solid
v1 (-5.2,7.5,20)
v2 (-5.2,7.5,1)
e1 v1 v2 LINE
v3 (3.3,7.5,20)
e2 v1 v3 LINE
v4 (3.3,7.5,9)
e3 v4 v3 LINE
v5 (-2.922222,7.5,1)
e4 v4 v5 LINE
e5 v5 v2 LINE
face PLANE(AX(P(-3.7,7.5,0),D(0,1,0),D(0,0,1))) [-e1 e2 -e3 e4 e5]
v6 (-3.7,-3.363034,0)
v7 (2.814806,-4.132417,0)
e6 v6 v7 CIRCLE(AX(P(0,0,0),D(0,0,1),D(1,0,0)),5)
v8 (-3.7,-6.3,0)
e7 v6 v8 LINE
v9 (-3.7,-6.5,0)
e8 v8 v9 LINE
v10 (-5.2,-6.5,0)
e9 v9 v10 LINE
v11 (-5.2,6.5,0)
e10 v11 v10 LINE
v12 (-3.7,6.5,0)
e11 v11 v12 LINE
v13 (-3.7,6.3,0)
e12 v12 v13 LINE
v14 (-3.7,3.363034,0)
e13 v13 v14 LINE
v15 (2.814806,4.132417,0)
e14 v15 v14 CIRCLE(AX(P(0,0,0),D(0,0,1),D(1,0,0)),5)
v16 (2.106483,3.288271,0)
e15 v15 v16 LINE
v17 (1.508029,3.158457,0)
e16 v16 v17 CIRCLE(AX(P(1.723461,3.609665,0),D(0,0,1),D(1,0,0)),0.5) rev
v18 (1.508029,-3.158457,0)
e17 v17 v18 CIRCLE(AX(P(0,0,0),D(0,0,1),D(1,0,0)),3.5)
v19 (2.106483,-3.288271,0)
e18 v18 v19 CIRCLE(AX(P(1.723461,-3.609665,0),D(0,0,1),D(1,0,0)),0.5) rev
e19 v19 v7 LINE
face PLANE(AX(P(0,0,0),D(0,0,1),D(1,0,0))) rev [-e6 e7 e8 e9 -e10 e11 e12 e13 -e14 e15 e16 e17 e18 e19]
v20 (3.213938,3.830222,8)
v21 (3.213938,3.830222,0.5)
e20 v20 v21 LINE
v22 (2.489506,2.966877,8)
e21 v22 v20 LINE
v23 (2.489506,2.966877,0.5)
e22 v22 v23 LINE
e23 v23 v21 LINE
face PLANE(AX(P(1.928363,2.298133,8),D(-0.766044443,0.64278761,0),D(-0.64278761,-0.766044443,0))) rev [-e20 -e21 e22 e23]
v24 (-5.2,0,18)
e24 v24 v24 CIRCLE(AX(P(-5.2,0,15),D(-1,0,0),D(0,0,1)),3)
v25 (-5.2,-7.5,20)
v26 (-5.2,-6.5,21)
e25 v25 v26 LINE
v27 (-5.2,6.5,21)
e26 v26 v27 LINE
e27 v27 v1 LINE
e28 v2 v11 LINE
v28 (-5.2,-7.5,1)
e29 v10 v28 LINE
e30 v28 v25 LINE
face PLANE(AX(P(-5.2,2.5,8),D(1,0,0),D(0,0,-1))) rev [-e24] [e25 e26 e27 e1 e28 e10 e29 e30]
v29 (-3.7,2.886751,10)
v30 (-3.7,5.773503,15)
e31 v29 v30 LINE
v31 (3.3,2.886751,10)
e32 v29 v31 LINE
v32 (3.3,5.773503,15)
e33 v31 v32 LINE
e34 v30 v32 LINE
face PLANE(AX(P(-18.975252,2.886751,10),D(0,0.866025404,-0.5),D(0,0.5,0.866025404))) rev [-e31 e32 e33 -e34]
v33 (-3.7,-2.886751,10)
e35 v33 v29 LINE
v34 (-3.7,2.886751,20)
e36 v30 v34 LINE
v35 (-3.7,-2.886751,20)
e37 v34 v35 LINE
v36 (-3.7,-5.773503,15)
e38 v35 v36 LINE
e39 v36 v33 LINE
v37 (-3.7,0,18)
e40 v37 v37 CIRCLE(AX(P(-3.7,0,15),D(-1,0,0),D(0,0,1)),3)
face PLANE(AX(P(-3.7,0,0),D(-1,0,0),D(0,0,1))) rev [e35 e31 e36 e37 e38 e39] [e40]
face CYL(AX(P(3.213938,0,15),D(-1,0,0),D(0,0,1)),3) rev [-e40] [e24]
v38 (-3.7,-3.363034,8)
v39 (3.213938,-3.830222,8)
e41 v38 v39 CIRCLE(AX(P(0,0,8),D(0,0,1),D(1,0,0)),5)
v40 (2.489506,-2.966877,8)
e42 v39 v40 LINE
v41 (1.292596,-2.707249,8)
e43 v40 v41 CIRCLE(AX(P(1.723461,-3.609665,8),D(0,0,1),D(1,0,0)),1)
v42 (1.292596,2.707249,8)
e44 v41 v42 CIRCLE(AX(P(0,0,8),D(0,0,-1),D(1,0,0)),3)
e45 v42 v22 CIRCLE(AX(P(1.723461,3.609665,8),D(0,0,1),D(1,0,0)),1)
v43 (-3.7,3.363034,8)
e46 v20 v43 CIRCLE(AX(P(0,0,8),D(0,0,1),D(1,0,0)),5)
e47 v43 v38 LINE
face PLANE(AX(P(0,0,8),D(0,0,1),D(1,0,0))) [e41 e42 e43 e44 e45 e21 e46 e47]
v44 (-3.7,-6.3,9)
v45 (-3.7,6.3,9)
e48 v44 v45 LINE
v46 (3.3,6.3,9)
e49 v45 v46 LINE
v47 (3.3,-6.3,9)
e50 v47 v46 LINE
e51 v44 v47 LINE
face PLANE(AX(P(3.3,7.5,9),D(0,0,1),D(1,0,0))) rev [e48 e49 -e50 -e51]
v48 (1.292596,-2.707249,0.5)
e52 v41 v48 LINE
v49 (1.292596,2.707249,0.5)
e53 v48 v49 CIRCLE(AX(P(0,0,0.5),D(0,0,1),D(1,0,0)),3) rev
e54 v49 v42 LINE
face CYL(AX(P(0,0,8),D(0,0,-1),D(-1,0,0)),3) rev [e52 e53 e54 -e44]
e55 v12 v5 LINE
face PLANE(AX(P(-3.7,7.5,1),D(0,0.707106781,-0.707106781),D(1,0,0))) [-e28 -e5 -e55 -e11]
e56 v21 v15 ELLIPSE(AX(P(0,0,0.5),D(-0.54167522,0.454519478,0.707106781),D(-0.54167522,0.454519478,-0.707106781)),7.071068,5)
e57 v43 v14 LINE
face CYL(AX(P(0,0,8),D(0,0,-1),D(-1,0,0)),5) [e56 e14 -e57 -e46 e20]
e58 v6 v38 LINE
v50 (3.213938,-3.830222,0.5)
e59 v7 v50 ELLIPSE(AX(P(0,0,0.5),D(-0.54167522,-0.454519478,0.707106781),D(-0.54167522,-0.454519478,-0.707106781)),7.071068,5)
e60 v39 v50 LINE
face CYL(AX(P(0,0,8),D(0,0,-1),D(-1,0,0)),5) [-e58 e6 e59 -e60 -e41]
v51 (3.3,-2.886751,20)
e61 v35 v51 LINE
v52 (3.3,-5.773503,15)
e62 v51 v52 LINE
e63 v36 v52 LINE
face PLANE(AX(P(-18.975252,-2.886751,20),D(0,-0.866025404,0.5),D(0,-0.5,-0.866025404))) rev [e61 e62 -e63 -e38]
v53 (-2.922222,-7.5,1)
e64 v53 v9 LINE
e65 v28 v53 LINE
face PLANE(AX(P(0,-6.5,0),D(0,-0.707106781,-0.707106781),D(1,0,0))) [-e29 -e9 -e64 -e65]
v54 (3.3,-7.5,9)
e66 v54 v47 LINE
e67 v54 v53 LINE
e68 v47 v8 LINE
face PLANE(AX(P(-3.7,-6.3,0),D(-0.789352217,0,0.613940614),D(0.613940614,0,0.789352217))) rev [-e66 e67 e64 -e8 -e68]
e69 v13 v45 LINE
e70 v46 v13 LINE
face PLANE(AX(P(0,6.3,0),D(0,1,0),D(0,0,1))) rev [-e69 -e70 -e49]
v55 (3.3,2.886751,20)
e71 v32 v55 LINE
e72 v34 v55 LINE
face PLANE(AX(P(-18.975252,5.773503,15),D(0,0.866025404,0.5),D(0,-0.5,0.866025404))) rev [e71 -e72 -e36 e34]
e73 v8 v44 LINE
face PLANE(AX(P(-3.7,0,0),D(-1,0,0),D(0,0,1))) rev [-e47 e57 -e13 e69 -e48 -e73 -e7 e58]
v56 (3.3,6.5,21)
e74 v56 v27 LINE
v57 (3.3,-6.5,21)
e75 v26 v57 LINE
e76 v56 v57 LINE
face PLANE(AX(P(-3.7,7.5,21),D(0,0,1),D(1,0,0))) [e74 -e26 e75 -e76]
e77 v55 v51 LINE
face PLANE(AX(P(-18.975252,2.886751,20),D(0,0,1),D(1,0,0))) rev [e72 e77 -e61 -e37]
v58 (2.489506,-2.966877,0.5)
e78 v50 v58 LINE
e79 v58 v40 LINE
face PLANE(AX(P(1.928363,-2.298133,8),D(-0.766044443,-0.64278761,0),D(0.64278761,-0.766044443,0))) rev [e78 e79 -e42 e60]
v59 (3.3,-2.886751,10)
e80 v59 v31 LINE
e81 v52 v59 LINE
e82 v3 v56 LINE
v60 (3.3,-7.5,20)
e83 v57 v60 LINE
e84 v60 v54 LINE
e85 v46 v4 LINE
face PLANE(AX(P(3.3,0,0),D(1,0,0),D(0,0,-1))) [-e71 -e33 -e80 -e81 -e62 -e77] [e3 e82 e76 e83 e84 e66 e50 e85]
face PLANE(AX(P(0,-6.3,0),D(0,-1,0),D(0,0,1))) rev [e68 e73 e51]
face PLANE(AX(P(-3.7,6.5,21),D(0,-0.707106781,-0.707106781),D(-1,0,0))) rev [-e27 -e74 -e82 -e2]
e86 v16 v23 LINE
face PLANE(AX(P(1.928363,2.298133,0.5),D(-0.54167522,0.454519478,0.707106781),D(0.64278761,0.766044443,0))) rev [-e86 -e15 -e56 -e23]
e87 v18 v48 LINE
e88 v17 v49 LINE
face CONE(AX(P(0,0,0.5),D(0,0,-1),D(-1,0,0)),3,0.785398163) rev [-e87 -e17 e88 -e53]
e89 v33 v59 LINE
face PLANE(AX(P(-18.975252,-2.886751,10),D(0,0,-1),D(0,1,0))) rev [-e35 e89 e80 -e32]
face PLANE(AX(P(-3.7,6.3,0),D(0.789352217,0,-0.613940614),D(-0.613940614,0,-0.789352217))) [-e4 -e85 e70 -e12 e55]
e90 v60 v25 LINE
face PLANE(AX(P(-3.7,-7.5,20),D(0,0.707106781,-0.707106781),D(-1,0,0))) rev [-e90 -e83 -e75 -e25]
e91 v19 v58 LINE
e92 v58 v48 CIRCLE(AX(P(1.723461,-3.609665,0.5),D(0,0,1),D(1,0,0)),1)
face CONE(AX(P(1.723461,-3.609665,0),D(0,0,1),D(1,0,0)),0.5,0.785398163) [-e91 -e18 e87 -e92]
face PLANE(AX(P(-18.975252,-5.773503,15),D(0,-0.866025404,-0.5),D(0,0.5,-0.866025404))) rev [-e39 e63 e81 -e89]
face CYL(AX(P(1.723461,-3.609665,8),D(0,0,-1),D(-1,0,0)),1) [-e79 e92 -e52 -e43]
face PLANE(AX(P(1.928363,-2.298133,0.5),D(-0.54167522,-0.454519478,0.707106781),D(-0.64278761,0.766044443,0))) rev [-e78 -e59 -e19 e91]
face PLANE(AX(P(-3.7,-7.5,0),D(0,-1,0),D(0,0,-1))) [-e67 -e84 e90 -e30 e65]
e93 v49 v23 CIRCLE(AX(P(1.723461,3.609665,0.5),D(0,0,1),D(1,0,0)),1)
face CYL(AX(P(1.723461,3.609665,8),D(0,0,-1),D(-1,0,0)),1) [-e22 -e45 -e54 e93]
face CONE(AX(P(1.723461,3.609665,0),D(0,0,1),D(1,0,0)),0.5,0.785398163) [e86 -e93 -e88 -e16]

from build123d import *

# Parameters (mm, degrees)
SALIENTE_EXTRUIR1_DEPTH = 8
CROQUIS3_W              = 21
CROQUIS3_H              = 15
SALIENTE_EXTRUIR2_DEPTH = 1.5
CROQUIS4_R              = 3
CORTAR_EXTRUIR1_DEPTH   = 9.413938048
CROQUIS5_W              = 12
CROQUIS5_H              = 15
SALIENTE_EXTRUIR3_DEPTH = 7
CORTAR_EXTRUIR2_DEPTH   = 7
REDONDEO1_R             = 1
CHAFL_N1_SIZE           = 0.5
SALIENTE_EXTRUIR4_DEPTH = 1.2
CHAFL_N2_SIZE           = 1


with BuildPart() as part:
    # Croquis1 → Saliente-Extruir1 (new body)
    with BuildSketch(Plane.XY):
        with BuildLine():
            Line((1.928362829, 2.298133329), (3.213938048, 3.830222216))
            ThreePointArc((3.213938048, 3.830222216), (-0.868240888, 4.924038765), (-4.330127019, 2.5))
            Line((-4.330127019, 2.5), (-5.2, 2.5))
            Line((-5.2, 2.5), (-5.2, -2.5))
            Line((-5.2, -2.5), (-4.330127019, -2.5))
            ThreePointArc((-4.330127019, -2.5), (-0.868240888, -4.924038765), (3.213938048, -3.830222216))
            Line((3.213938048, -3.830222216), (1.928362829, -2.298133329))
            ThreePointArc((1.928362829, -2.298133329), (-3, 0), (1.928362829, 2.298133329))
        make_face()
    extrude(amount=SALIENTE_EXTRUIR1_DEPTH)

    # Croquis3 → Saliente-Extruir2 (add)
    with BuildSketch(Plane.ZY.offset(5.2)):
        with Locations((10.5, 0)):
            Rectangle(CROQUIS3_W, CROQUIS3_H)
    extrude(amount=-SALIENTE_EXTRUIR2_DEPTH)

    # Croquis4 → Cortar-Extruir1 (cut, through all)
    with BuildSketch(Plane.ZY.offset(5.2)):
        with Locations((15, 0)):
            Circle(CROQUIS4_R)
    extrude(amount=-CORTAR_EXTRUIR1_DEPTH, mode=Mode.SUBTRACT)

    # Croquis5 → Saliente-Extruir3 (add)
    with BuildSketch(Plane(origin=(-3.7, 0, 0), x_dir=(0, 0, -1), z_dir=(1, 0, 0))):
        with Locations((-15, 0)):
            Rectangle(CROQUIS5_W, CROQUIS5_H)
    extrude(amount=SALIENTE_EXTRUIR3_DEPTH)

    # Croquis7 → Cortar-Extruir2 (cut)
    with BuildSketch(Plane(origin=(3.3, 0, 0), x_dir=(0, 0, -1), z_dir=(1, 0, 0))):
        Polygon((-10, -2.886751346), (-10, 2.886751346), (-15, 5.773502692), (-20, 2.886751346), (-20, -2.886751346), (-15, -5.773502692), align=None)
    extrude(amount=-CORTAR_EXTRUIR2_DEPTH, mode=Mode.SUBTRACT)

    # Redondeo1
    redondeo1_edges = [part.edges().sort_by_distance(p)[0] for p in [
        (1.928362829, -2.298133329, 4),
        (1.928362829, 2.298133329, 4),
    ]]
    fillet(redondeo1_edges, radius=REDONDEO1_R)

    # Chaflán1
    chafl_n1_edges = [part.edges().sort_by_distance(p)[0] for p in [
        (-3, 0, 0),
        (2.851721878, -3.398549793, 0),
        (2.851721878, 3.398549793, 0),
        (1.935447157, 2.632392254, 0),
        (1.935447157, -2.632392254, 0),
    ]]
    chamfer(chafl_n1_edges, length=CHAFL_N1_SIZE)

    # Croquis8 → Saliente-Extruir4 (add)
    with BuildSketch(Plane(origin=(0, 7.5, 0), x_dir=(1, 0, 0), z_dir=(0, 1, 0))):
        Polygon((-3.7, 0), (3.3, -9), (-3.7, -9), align=None)
    saliente_extruir4 = extrude(amount=-SALIENTE_EXTRUIR4_DEPTH)

    # Simetría1: Saliente-Extruir4 across plane
    add(saliente_extruir4.mirror(Plane.ZX))

    # Chaflán2
    chafl_n2_edges = [part.edges().sort_by_distance(p)[0] for p in [
        (-4.45, -7.5, 0),
        (-4.45, 7.5, 0),
        (-0.95, 7.5, 21),
        (-0.95, -7.5, 21),
    ]]
    chamfer(chafl_n2_edges, length=CHAFL_N2_SIZE)


solid = part.part
